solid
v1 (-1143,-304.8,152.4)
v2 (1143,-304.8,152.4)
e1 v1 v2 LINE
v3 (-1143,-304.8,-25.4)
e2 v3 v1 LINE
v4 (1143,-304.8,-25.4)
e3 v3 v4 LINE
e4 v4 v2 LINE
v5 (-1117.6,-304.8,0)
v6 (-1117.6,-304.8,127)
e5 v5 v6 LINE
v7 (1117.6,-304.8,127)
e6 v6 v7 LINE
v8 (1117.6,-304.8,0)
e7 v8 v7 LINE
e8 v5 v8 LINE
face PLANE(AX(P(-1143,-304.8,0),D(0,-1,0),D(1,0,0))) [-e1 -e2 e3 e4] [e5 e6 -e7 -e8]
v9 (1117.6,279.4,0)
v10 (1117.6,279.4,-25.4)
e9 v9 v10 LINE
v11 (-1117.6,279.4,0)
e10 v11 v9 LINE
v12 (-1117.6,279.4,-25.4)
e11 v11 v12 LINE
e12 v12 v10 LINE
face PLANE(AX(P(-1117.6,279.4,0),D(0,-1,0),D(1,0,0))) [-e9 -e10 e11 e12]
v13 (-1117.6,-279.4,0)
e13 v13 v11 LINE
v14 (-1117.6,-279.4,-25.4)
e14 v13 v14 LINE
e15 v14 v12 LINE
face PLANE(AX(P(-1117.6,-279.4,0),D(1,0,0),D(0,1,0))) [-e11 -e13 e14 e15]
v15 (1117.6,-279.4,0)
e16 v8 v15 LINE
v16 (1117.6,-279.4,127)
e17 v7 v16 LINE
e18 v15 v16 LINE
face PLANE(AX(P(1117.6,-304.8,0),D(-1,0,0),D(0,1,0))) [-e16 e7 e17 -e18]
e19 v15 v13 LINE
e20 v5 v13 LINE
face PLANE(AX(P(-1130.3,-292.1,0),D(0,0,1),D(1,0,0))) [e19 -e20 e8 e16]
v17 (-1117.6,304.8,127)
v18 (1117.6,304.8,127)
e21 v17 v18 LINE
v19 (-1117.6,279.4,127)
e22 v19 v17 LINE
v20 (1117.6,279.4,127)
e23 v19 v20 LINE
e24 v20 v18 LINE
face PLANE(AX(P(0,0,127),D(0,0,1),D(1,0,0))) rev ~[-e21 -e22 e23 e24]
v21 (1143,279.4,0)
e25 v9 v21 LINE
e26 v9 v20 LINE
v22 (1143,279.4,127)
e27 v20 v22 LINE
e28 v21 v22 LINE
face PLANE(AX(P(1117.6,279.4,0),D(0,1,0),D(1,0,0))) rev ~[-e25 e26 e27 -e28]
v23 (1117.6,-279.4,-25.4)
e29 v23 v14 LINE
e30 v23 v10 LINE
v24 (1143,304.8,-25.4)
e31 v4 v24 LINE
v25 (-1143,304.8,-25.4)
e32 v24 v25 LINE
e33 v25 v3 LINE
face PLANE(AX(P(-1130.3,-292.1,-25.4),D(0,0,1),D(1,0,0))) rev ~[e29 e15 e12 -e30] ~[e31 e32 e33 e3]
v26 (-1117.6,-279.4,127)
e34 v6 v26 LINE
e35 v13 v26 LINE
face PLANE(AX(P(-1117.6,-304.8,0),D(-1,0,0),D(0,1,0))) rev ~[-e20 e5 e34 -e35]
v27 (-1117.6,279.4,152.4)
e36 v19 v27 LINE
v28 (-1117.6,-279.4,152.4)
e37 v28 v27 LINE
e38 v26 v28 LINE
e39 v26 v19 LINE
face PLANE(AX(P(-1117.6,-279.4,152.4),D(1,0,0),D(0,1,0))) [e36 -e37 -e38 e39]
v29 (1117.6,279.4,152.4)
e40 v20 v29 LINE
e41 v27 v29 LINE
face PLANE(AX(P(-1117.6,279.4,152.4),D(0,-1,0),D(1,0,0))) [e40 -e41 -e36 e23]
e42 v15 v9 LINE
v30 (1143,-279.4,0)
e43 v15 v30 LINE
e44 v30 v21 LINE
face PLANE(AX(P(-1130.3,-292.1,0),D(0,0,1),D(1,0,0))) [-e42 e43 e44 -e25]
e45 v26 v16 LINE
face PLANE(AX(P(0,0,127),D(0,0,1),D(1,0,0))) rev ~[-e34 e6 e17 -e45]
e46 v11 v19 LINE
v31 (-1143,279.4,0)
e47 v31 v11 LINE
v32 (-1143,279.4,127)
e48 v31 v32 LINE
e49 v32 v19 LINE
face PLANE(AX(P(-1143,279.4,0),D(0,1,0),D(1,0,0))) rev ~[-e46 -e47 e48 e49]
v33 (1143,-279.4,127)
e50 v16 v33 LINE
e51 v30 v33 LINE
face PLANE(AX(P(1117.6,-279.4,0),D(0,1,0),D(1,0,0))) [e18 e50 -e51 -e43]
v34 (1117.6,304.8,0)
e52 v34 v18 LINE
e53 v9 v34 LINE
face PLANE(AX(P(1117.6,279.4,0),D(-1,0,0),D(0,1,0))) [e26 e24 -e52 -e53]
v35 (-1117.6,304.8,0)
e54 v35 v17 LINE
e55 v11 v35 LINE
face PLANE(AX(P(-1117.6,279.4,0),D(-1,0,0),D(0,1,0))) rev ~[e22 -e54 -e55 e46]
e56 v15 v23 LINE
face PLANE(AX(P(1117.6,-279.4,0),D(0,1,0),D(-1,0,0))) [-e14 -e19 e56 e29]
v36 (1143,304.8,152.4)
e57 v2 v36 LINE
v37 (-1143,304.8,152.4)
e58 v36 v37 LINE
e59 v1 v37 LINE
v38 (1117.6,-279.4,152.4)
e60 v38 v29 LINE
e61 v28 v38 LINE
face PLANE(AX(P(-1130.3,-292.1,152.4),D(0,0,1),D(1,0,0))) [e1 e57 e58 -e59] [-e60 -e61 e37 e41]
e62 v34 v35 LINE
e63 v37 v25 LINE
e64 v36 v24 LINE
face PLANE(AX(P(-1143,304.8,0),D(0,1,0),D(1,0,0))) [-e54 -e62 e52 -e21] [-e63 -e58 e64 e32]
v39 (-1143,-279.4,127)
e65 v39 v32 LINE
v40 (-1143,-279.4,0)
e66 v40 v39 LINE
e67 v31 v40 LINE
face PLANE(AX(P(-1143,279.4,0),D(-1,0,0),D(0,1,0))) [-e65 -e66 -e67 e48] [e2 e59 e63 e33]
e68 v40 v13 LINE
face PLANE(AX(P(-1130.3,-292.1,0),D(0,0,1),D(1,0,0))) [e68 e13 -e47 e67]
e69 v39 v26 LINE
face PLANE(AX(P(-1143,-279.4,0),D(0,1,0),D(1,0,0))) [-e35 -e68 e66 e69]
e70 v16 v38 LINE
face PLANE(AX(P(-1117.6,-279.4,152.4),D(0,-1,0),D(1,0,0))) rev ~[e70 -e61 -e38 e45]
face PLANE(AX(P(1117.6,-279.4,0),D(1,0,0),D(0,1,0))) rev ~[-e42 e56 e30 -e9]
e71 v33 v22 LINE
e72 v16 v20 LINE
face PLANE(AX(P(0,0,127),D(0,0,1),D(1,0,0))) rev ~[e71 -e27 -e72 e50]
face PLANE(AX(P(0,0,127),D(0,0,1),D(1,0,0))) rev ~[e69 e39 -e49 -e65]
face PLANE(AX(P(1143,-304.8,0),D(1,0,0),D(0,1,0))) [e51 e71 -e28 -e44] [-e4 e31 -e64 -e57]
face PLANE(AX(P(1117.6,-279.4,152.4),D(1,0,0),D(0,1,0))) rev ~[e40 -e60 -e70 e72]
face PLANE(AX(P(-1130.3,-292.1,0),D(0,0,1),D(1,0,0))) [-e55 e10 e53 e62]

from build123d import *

# Parameters (mm, degrees)
F0_W     = 25.4
F0_H     = 25.4
F0_W_2   = 2235.2
F0_H_2   = 558.8
F1_DEPTH = 25.4
F2_DEPTH = 152.4
F4_W     = 2286
F4_H     = 609.6
F4_W_2   = 2235.2
F4_H_2   = 558.8
F5_DEPTH = 25.4


with BuildPart() as f1:
    # F0 (on Top) → F1 (new body)
    with BuildSketch(Plane.XY):
        with Locations((-1130.3, -292.1)):
            Rectangle(F0_W, F0_H)
        with Locations((0, -292.1)):
            Rectangle(F0_W_2, F0_H)
        with Locations((-1130.3, 0)):
            Rectangle(F0_W, F0_H_2)
        with Locations((1130.3, -292.1)):
            Rectangle(F0_W, F0_H)
        with Locations((-1130.3, 292.1)):
            Rectangle(F0_W, F0_H)
        with Locations((1130.3, 0)):
            Rectangle(F0_W, F0_H_2)
        with Locations((0, 292.1)):
            Rectangle(F0_W_2, F0_H)
        with Locations((1130.3, 292.1)):
            Rectangle(F0_W, F0_H)
    extrude(amount=-F1_DEPTH)

    # F0 (on Top) → F2 (join)
    with BuildSketch(Plane.XY):
        with Locations((-1130.3, 292.1)):
            Rectangle(F0_W, F0_H)
        with Locations((-1130.3, -292.1)):
            Rectangle(F0_W, F0_H)
        with Locations((1130.3, 292.1)):
            Rectangle(F0_W, F0_H)
        with Locations((1130.3, -292.1)):
            Rectangle(F0_W, F0_H)
    extrude(amount=F2_DEPTH)

    # F4 (on offset) → F5 (join)
    with BuildSketch(Plane.XY.offset(152.4)):
        Rectangle(F4_W, F4_H)
        Rectangle(F4_W_2, F4_H_2, mode=Mode.SUBTRACT)
    extrude(amount=-F5_DEPTH)


solid = f1.part
